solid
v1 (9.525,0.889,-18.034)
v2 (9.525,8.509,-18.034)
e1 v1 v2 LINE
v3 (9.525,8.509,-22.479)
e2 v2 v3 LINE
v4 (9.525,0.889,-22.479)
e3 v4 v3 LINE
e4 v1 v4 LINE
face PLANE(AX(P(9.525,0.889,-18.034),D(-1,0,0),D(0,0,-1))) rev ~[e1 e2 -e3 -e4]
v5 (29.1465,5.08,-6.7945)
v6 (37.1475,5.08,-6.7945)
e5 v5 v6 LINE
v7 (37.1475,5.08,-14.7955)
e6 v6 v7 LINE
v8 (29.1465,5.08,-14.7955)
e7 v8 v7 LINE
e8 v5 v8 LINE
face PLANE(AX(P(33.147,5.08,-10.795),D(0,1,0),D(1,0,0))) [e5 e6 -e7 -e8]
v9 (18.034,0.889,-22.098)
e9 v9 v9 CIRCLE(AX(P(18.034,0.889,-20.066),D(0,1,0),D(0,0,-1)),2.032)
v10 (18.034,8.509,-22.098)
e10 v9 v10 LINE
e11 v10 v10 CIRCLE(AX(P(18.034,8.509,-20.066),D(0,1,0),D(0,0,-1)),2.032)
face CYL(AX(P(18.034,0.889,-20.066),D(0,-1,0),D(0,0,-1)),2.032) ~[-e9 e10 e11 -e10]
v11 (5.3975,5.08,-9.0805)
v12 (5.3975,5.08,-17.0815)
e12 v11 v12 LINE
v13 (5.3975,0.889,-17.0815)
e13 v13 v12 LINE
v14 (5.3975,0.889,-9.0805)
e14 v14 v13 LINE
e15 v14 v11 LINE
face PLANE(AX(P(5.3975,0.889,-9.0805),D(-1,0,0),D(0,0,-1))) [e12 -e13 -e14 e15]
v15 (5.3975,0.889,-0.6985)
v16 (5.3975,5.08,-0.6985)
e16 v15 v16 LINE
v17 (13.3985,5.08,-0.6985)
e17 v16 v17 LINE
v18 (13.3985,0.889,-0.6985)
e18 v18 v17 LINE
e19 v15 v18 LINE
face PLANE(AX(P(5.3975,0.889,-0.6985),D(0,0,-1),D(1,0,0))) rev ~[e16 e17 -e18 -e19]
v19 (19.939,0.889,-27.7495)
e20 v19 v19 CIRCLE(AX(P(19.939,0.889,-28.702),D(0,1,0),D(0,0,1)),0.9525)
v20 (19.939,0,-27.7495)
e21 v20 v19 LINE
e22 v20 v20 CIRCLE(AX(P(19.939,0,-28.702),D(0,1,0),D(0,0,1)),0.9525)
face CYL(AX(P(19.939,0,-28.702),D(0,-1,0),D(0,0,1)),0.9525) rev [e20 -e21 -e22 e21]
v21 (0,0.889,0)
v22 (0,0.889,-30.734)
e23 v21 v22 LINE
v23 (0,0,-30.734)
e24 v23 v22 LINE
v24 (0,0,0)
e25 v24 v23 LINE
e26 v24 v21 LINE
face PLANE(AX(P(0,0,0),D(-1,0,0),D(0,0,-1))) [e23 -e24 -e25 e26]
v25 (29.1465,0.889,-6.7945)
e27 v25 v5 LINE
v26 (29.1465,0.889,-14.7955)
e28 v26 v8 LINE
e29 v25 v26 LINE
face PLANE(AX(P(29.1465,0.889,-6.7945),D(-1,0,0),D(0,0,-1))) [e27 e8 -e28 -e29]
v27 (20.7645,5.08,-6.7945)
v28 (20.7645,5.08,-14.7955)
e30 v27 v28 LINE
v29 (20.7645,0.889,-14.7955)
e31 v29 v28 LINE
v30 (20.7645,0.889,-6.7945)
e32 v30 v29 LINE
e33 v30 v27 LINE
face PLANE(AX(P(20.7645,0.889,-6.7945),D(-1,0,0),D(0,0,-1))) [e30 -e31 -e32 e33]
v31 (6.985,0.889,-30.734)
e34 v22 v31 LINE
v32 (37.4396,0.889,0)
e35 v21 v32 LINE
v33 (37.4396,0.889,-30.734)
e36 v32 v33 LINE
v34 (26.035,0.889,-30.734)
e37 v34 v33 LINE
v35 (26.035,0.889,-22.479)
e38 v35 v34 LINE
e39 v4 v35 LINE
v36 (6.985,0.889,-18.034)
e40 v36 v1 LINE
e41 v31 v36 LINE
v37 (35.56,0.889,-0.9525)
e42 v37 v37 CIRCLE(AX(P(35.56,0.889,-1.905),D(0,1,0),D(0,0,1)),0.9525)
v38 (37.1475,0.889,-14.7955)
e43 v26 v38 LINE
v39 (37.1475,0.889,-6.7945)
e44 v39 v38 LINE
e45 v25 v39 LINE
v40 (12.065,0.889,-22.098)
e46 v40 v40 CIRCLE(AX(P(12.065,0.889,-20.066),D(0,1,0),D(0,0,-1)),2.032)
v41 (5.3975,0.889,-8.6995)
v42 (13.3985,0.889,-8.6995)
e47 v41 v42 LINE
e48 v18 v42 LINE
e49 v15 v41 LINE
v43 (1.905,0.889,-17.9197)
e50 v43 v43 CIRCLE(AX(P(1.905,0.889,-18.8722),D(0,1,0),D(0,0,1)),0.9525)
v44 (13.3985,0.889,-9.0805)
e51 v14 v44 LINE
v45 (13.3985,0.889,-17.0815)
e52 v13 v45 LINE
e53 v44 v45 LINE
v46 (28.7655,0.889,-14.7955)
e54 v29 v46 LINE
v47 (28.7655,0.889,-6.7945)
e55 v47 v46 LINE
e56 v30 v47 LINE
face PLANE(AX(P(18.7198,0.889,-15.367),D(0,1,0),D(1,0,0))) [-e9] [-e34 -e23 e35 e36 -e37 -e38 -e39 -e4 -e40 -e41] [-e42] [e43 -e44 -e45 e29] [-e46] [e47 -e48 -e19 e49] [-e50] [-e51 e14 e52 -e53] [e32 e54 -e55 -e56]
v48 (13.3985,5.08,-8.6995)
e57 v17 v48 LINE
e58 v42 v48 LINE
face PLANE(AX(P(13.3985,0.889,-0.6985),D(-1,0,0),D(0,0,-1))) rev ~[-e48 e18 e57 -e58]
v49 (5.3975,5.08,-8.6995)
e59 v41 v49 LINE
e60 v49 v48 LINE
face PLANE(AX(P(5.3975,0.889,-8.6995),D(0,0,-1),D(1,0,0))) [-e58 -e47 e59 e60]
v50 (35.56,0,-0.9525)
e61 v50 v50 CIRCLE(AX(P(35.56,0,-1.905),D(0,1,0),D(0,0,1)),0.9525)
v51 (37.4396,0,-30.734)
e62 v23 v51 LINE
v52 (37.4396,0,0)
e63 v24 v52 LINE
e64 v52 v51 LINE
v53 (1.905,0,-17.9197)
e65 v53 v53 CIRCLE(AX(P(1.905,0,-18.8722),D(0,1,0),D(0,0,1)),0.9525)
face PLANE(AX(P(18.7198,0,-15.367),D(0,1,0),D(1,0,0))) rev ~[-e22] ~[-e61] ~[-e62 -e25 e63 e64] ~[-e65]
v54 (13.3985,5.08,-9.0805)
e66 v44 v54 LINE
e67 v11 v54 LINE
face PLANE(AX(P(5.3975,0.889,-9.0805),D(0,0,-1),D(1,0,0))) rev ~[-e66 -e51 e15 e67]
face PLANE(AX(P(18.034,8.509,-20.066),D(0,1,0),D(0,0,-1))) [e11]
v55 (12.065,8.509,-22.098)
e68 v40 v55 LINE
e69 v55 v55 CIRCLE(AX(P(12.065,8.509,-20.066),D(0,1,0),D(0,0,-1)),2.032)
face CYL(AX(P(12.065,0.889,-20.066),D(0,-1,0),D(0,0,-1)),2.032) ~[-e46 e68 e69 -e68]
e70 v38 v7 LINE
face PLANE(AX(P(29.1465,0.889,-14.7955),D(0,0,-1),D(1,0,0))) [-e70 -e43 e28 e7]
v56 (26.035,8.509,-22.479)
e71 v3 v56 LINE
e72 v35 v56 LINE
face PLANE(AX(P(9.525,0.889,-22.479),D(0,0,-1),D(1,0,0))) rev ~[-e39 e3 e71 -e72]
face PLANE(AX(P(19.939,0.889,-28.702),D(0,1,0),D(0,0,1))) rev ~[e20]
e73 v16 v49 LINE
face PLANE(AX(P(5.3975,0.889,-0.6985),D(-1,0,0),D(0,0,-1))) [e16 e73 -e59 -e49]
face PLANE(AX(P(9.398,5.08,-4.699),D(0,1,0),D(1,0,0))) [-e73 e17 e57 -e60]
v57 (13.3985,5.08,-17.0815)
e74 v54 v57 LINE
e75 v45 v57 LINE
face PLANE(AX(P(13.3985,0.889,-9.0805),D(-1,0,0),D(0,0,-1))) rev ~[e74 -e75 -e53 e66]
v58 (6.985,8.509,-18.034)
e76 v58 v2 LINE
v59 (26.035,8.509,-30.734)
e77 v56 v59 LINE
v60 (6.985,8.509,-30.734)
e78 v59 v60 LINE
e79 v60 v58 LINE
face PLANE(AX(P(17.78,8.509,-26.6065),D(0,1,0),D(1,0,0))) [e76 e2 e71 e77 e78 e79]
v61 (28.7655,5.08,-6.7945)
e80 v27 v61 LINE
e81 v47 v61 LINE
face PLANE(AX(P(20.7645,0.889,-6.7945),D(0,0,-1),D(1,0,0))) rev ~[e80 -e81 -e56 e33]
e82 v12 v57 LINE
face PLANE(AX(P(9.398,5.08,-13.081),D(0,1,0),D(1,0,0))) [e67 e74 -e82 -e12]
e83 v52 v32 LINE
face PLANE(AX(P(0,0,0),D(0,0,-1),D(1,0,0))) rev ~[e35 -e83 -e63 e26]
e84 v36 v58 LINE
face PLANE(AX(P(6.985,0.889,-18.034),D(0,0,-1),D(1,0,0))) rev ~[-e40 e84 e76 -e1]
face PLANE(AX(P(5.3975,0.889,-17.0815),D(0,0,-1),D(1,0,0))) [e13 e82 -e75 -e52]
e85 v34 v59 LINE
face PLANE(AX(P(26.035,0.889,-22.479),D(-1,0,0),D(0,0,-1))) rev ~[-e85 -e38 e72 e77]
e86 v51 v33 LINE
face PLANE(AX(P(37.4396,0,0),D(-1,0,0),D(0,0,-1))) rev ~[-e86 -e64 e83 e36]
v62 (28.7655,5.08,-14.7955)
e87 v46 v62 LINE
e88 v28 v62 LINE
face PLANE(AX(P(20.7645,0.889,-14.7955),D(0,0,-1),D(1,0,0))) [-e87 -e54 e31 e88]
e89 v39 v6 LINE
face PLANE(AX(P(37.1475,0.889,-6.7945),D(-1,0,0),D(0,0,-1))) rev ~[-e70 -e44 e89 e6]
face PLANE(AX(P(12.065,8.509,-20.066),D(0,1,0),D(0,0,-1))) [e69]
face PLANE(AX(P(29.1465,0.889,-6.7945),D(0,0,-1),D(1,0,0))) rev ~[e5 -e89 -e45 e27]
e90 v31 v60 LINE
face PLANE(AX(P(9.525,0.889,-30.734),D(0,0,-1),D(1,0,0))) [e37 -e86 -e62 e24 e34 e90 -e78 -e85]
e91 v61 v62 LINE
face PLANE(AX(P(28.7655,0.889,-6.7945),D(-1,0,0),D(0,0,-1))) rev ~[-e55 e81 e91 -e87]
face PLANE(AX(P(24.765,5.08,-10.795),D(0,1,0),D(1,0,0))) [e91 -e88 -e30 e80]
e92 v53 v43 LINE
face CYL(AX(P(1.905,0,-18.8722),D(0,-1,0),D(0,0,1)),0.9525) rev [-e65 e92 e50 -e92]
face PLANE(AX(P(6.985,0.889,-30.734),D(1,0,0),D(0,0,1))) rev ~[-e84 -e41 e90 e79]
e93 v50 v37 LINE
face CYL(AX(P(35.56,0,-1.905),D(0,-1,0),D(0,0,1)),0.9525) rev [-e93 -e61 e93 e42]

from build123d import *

# Parameters (mm, degrees)
SKETCH1_W           = 37.4396
SKETCH1_H           = 30.734
SKETCH1_R           = 0.9525
BOSS_EXTRUDE1_DEPTH = 0.889
SKETCH2_R           = 2.032
BOSS_EXTRUDE2_DEPTH = 7.62
SKETCH3_W           = 16.51
SKETCH3_H           = 8.255
SKETCH3_R           = 0.9525
BOSS_EXTRUDE4_DEPTH = 7.62
SKETCH4_W           = 8.001
SKETCH4_H           = 8.001
BOSS_EXTRUDE5_DEPTH = 4.191


with BuildPart() as part:
    # Sketch1 → Boss-Extrude1 (new body)
    with BuildSketch(Plane(origin=(0, 0, 0), x_dir=(1, 0, 0), z_dir=(0, 1, 0))):
        with Locations((18.7198, 15.367)):
            Rectangle(SKETCH1_W, SKETCH1_H)
        with Locations(Location((19.939, 28.702, 0), (0, 0, 270))):
            Circle(SKETCH1_R, mode=Mode.SUBTRACT)
        with Locations(Location((35.56, 1.905, 0), (0, 0, 270))):
            Circle(SKETCH1_R, mode=Mode.SUBTRACT)
        with Locations(Location((1.905, 18.8722, 0), (0, 0, 270))):
            Circle(SKETCH1_R, mode=Mode.SUBTRACT)
    extrude(amount=BOSS_EXTRUDE1_DEPTH)

    # Sketch2 → Boss-Extrude2 (add)
    with BuildSketch(Plane(origin=(0, 0.889, 0), x_dir=(1, 0, 0), z_dir=(0, 1, 0))):
        with Locations(Location((12.065, 20.066, 0), (0, 0, 90))):
            Circle(SKETCH2_R)
        with Locations(Location((18.034, 20.066, 0), (0, 0, 90))):
            Circle(SKETCH2_R)
    extrude(amount=BOSS_EXTRUDE2_DEPTH)

    # Sketch3 → Boss-Extrude4 (add)
    # profile 1 of 3: a face of its own
    with BuildSketch(Plane(origin=(0, 0.889, 0), x_dir=(1, 0, 0), z_dir=(0, 1, 0))):
        with Locations((17.78, 26.6065)):
            Rectangle(SKETCH3_W, SKETCH3_H)
        with Locations(Location((19.939, 28.702, 0), (0, 0, 270))):
            Circle(SKETCH3_R, mode=Mode.SUBTRACT)
    # profile 2 of 3: a face of its own
    with BuildSketch(Plane(origin=(0, 0.889, 0), x_dir=(1, 0, 0), z_dir=(0, 1, 0))):
        with Locations(Location((19.939, 28.702, 0), (0, 0, 270))):
            Circle(SKETCH3_R)
    # profile 3 of 3: a face of its own
    with BuildSketch(Plane(origin=(0, 0.889, 0), x_dir=(1, 0, 0), z_dir=(0, 1, 0))):
        Polygon((6.985, 30.734), (6.985, 18.034), (9.525, 18.034), (9.525, 22.479), (9.525, 30.734), align=None)
    extrude(amount=BOSS_EXTRUDE4_DEPTH)

    # Sketch4 → Boss-Extrude5 (add)
    with BuildSketch(Plane(origin=(0, 0.889, 0), x_dir=(1, 0, 0), z_dir=(0, 1, 0))):
        with Locations((24.765, 10.795)):
            Rectangle(SKETCH4_W, SKETCH4_H)
        with Locations((33.147, 10.795)):
            Rectangle(SKETCH4_W, SKETCH4_H)
        with Locations((9.398, 4.699)):
            Rectangle(SKETCH4_W, SKETCH4_H)
        with Locations((9.398, 13.081)):
            Rectangle(SKETCH4_W, SKETCH4_H)
    extrude(amount=BOSS_EXTRUDE5_DEPTH)


solid = part.part
